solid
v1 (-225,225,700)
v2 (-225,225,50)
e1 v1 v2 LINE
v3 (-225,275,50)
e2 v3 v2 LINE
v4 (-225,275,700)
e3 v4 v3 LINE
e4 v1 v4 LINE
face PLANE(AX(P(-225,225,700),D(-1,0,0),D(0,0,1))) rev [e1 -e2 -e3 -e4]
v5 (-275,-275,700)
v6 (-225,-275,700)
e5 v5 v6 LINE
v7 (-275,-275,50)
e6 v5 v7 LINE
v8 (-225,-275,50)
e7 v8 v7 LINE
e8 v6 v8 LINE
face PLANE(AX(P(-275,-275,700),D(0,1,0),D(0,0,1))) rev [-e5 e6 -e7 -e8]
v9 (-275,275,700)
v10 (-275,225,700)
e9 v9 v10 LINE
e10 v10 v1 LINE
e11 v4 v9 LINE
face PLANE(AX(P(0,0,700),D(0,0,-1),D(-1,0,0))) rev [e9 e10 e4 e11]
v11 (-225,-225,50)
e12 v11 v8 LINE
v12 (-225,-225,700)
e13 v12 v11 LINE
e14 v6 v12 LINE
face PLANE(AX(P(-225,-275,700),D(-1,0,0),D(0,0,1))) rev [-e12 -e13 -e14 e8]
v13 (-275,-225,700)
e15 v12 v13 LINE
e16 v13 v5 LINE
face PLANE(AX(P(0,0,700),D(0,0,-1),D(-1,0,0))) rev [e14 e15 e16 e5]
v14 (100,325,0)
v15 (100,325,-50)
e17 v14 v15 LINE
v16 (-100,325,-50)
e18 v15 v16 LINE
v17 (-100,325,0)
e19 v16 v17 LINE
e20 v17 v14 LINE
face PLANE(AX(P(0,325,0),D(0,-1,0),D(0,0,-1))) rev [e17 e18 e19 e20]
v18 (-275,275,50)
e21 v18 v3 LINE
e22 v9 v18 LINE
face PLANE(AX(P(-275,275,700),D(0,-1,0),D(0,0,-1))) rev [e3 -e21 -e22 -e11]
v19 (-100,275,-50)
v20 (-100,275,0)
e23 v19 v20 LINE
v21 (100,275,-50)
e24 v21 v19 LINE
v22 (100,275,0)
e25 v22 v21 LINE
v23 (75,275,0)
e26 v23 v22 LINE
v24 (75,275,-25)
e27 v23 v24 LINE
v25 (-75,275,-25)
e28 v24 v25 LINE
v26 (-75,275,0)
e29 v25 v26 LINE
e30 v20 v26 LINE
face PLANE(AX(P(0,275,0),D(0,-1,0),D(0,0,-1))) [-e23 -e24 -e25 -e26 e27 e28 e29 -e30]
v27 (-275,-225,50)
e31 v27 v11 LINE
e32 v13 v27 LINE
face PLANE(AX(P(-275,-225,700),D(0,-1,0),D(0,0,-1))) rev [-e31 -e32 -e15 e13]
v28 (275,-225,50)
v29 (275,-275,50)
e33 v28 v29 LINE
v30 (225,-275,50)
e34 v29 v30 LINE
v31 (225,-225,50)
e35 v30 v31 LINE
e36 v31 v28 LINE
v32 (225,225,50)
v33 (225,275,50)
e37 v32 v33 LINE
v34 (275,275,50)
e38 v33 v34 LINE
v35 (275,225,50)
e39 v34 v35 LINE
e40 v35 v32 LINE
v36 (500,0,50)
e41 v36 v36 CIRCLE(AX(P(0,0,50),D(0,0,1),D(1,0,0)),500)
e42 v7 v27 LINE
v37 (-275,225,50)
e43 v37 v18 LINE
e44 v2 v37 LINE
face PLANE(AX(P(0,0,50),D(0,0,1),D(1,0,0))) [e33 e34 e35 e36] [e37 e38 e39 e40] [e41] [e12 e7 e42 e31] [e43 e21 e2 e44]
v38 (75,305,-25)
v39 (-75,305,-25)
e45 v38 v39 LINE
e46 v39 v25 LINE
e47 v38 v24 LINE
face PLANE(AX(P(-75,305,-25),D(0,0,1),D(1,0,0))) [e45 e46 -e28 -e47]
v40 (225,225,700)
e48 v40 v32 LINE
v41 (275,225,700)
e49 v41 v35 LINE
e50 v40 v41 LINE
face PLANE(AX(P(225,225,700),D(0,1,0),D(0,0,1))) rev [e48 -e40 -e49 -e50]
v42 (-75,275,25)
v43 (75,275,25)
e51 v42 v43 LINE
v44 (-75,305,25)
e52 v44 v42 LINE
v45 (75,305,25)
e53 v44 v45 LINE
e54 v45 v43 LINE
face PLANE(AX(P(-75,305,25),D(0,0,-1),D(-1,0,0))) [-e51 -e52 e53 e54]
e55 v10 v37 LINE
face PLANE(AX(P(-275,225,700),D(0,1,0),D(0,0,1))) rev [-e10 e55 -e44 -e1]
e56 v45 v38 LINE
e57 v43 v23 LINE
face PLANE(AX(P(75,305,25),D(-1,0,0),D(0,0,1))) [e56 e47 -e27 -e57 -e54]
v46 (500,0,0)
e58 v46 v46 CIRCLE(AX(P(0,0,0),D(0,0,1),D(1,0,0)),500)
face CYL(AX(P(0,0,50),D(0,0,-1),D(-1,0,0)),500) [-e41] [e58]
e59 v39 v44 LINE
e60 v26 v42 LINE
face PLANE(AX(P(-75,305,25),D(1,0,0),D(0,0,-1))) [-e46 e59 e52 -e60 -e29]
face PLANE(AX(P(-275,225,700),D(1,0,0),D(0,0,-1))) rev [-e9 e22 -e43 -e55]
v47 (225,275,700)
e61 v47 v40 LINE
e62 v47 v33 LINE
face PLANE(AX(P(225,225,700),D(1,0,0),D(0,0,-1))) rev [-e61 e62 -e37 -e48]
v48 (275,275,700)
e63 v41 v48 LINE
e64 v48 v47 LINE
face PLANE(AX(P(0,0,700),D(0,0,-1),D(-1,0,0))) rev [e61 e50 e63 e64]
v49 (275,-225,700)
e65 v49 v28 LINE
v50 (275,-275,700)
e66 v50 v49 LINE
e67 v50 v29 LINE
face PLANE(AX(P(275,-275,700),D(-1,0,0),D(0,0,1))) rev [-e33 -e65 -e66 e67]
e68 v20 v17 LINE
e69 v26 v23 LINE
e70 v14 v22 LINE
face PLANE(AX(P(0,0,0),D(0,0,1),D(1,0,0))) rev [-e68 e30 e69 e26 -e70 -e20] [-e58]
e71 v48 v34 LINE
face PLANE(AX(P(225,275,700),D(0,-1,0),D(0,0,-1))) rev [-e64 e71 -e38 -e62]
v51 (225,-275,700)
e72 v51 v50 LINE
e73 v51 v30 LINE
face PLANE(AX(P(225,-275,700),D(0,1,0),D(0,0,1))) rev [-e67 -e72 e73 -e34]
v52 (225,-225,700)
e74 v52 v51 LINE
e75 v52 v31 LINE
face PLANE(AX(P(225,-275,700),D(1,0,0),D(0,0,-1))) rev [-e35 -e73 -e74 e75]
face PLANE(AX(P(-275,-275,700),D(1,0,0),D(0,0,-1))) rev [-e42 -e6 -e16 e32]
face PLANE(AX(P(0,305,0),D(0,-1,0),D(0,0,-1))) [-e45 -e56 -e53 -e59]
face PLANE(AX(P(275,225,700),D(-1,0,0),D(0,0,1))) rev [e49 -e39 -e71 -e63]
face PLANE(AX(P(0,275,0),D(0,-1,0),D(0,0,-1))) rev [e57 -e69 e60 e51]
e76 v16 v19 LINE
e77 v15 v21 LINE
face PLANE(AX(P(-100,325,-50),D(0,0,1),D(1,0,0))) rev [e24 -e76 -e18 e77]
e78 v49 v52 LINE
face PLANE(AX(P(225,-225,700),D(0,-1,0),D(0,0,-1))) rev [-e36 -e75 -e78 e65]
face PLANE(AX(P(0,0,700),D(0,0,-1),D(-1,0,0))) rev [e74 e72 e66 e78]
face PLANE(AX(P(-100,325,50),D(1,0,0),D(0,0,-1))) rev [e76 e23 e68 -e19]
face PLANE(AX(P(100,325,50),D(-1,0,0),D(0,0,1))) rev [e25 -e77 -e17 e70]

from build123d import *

# Parameters (mm, degrees)
SKETCH_1_R          = 500
EXTRUDE_1_DEPTH     = 50
SKETCH_2_W          = 50
SKETCH_2_H          = 50
EXTRUDE_2_DEPTH     = 700
SKETCH_3_W          = 50
SKETCH_3_H          = 50
EXTRUDE_3_DEPTH     = 700
SKETCH_4_W          = 50
SKETCH_4_H          = 50
EXTRUDE_4_DEPTH     = 700
SKETCH_5_W          = 50
SKETCH_5_H          = 50
EXTRUDE_5_DEPTH     = 700
SKETCH_6_W          = 200
SKETCH_6_H          = 100
EXTRUDE_6_DEPTH     = 50
SKETCH_7_W          = 150
SKETCH_7_H          = 50
CUT_EXTRUDE_1_DEPTH = 30


with BuildPart() as part:
    # 草图1 → 凸台-拉伸1 (new body)
    with BuildSketch(Plane.XY):
        Circle(SKETCH_1_R)
    extrude(amount=EXTRUDE_1_DEPTH)

    # 草图2 → 凸台-拉伸2 (add)
    with BuildSketch(Plane.XY):
        with Locations((250, 250)):
            Rectangle(SKETCH_2_W, SKETCH_2_H)
    extrude(amount=EXTRUDE_2_DEPTH)

    # 草图3 → 凸台-拉伸3 (add)
    with BuildSketch(Plane.XY):
        with Locations((-250, 250)):
            Rectangle(SKETCH_3_W, SKETCH_3_H)
    extrude(amount=EXTRUDE_3_DEPTH)

    # 草图4 → 凸台-拉伸4 (add)
    with BuildSketch(Plane.XY):
        with Locations((250, -250)):
            Rectangle(SKETCH_4_W, SKETCH_4_H)
    extrude(amount=EXTRUDE_4_DEPTH)

    # 草图5 → 凸台-拉伸5 (add)
    with BuildSketch(Plane.XY):
        with Locations((-250, -250)):
            Rectangle(SKETCH_5_W, SKETCH_5_H)
    extrude(amount=EXTRUDE_5_DEPTH)

    # 草图6 → 凸台-拉伸6 (add)
    with BuildSketch(Plane(origin=(0, 275, 0), x_dir=(1, 0, 0), z_dir=(0, 1, 0))):
        Rectangle(SKETCH_6_W, SKETCH_6_H)
    extrude(amount=EXTRUDE_6_DEPTH)

    # 草图7 → 切除-拉伸1 (cut)
    with BuildSketch(Plane(origin=(0, 275, 0), x_dir=(1, 0, 0), z_dir=(0, 1, 0))):
        Rectangle(SKETCH_7_W, SKETCH_7_H)
    extrude(amount=CUT_EXTRUDE_1_DEPTH, mode=Mode.SUBTRACT)


solid = part.part
